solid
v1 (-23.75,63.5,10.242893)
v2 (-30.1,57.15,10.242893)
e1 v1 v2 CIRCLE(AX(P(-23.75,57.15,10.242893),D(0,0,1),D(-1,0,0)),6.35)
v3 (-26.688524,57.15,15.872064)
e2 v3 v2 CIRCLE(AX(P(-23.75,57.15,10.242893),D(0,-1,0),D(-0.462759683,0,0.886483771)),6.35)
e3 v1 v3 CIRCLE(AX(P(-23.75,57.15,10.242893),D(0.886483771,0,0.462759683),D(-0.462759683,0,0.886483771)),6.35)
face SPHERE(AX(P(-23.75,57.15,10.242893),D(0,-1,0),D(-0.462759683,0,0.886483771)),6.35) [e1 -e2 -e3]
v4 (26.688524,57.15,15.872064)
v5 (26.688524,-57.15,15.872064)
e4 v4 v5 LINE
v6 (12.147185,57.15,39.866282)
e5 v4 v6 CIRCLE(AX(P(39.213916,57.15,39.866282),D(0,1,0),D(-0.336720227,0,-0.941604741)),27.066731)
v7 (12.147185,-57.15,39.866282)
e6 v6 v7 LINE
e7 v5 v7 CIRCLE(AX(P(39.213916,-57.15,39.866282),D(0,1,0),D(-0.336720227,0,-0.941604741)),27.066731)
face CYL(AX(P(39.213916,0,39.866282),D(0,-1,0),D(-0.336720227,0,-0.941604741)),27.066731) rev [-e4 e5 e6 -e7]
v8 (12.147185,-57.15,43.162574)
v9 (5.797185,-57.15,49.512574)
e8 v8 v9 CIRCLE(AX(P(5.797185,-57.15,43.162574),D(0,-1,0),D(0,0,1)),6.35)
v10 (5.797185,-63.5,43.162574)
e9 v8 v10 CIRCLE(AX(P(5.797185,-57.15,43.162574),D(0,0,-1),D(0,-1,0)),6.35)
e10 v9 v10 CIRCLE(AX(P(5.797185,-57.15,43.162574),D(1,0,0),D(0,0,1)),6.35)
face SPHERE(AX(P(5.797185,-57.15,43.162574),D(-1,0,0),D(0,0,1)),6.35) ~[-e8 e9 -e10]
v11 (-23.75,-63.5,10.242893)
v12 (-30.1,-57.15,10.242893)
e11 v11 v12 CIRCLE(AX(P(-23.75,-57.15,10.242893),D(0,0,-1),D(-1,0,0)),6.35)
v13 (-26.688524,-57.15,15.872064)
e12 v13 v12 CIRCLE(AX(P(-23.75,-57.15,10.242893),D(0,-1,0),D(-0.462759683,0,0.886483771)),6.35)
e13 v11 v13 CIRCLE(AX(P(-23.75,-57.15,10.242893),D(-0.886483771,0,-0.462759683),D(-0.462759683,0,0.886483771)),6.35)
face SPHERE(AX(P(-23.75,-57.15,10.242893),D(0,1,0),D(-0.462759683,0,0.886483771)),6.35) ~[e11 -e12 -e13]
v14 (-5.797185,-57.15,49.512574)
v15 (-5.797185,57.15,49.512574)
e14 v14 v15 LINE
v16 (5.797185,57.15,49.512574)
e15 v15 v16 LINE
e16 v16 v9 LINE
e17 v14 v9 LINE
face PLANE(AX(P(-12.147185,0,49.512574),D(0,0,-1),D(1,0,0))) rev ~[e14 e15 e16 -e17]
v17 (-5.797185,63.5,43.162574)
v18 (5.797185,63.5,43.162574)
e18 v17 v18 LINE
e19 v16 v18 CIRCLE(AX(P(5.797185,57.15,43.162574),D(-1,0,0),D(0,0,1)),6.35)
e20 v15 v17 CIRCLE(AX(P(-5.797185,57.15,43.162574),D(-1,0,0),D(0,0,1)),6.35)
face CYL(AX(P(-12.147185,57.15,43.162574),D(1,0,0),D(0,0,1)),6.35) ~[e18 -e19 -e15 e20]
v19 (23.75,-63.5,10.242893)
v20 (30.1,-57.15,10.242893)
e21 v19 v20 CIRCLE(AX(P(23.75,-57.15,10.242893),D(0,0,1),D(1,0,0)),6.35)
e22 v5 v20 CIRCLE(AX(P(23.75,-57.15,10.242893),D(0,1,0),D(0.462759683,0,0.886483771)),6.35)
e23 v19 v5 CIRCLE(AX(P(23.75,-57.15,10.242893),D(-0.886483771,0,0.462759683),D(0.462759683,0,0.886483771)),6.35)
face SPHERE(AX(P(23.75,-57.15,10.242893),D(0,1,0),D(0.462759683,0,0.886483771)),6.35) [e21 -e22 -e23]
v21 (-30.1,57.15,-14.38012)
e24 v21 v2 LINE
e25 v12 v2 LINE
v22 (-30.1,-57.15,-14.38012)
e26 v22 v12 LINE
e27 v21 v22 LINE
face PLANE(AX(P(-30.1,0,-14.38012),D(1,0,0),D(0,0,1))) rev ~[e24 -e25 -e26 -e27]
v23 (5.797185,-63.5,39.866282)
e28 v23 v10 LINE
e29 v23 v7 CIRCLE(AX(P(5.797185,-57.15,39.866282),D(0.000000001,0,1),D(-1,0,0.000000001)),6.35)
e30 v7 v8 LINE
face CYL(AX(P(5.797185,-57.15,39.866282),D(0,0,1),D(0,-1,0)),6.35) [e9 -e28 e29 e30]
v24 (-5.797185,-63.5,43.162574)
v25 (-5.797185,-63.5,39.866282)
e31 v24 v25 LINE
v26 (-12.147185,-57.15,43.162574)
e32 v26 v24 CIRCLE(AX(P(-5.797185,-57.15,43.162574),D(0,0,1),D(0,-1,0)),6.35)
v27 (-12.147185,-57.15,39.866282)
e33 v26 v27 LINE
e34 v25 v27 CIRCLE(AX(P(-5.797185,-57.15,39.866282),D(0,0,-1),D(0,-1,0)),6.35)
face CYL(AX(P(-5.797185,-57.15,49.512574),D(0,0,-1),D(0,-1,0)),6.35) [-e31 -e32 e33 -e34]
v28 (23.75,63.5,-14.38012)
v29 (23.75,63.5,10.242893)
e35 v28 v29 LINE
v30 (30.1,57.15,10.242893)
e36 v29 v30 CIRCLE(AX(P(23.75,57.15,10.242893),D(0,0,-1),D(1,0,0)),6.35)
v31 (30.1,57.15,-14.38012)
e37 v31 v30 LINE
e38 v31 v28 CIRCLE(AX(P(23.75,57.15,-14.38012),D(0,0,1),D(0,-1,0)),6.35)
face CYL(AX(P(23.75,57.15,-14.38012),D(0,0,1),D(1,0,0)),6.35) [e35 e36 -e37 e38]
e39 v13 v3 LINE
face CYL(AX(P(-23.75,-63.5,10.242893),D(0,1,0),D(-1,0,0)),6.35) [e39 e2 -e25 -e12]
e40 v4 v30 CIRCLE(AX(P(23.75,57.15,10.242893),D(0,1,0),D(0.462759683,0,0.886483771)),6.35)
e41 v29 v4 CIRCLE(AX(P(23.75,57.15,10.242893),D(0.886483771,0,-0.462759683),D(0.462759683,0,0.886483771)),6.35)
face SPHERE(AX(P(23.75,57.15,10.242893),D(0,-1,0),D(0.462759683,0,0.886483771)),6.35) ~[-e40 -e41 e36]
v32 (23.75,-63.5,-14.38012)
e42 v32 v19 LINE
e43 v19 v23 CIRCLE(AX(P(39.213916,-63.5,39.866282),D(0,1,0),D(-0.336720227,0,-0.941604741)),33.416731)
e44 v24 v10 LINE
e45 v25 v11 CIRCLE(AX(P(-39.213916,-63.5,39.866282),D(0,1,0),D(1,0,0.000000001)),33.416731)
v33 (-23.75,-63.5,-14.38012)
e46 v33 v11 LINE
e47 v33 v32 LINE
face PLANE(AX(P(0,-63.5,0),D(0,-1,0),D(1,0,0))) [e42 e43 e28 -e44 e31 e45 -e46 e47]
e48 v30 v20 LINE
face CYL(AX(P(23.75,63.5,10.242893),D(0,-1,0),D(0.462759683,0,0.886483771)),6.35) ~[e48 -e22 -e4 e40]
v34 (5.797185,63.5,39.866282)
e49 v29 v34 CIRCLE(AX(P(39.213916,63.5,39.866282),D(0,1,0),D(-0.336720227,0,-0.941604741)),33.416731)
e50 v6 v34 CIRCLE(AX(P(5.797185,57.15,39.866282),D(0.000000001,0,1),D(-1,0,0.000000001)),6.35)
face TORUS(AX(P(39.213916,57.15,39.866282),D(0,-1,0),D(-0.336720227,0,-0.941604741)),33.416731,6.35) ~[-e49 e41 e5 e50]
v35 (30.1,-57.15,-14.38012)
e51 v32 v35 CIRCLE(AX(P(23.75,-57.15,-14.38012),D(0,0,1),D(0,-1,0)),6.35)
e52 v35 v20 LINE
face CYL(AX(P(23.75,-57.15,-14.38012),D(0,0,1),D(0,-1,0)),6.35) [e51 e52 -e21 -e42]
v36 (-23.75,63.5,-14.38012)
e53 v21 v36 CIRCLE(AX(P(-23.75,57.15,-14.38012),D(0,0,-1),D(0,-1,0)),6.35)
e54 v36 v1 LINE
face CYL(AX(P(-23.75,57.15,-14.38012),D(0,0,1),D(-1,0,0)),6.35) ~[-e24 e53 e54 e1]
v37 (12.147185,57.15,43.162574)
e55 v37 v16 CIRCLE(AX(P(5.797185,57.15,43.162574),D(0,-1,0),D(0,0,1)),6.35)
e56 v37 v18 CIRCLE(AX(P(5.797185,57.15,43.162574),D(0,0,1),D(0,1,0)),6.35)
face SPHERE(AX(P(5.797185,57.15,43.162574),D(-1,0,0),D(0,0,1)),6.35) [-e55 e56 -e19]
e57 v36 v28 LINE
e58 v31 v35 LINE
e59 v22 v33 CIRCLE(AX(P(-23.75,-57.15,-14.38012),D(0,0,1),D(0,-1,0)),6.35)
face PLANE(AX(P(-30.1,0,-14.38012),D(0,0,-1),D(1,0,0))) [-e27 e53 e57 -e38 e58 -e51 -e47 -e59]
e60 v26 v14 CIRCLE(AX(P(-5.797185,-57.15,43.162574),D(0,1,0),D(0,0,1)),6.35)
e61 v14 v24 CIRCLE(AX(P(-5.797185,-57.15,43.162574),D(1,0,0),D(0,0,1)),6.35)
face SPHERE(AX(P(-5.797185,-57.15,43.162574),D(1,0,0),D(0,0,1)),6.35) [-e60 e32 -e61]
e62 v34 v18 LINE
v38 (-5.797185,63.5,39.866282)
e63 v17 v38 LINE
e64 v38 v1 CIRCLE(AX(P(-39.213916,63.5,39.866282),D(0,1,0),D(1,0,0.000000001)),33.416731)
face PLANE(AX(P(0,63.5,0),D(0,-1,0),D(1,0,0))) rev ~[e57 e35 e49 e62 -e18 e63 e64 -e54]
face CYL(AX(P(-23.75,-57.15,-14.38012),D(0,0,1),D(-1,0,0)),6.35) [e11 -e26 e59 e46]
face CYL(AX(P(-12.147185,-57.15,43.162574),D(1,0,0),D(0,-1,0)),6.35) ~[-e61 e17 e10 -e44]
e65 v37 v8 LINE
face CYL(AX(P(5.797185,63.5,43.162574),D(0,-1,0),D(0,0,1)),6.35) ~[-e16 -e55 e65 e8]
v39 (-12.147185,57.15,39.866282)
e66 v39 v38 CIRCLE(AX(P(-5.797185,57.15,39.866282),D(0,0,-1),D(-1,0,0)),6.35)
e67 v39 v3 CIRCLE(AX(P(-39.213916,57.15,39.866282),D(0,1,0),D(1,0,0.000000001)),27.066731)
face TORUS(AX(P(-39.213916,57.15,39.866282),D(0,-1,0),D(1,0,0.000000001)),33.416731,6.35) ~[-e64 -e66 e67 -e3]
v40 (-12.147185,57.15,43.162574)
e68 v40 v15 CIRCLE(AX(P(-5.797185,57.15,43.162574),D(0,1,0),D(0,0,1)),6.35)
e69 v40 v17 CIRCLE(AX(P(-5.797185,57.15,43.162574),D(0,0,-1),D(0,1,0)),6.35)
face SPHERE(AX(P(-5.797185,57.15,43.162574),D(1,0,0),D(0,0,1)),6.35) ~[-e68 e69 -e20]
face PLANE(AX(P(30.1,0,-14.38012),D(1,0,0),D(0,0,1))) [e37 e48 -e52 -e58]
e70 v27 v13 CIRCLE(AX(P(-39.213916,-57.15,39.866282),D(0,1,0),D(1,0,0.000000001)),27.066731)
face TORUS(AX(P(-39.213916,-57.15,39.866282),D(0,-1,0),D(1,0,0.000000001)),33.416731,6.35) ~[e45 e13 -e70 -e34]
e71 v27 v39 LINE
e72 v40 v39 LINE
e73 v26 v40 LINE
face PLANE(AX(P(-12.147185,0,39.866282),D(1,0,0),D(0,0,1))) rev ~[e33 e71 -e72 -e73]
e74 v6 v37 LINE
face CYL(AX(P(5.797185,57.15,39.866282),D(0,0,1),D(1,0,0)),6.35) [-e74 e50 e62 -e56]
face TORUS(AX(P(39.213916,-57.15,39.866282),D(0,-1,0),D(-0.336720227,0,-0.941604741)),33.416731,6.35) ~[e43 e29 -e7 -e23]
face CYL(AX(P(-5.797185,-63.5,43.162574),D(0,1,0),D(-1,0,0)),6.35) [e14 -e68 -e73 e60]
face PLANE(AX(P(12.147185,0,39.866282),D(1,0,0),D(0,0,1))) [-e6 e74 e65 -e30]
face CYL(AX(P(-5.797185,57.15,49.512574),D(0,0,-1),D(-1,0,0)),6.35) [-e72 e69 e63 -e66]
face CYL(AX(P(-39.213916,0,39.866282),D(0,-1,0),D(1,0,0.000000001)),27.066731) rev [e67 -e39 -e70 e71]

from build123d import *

# Parameters (mm, degrees)
F0_W     = 60.2
F0_H     = 28.76024
F0_W_2   = 24.29437
F0_H_2   = 9.646292
F1_DEPTH = 63.5
F2_R     = 6.35


with BuildPart() as f1:
    # F0 (on Front) → F1 (new body, symmetric)
    with BuildSketch(Plane.XZ):
        Rectangle(F0_W, F0_H)
        with BuildLine():
            Line((-30.1, 14.38012), (30.1, 14.38012))
            ThreePointArc((30.1, 14.38012), (17.085972, 24.279043), (12.147185, 39.866282))
            Line((12.147185, 39.866282), (-12.147185, 39.866282))
            ThreePointArc((-12.147185, 39.866282), (-17.085972, 24.279043), (-30.1, 14.38012))
        make_face()
        with Locations((0, 44.689428)):
            Rectangle(F0_W_2, F0_H_2)
    extrude(amount=F1_DEPTH, both=True)

    # F2
    f2_edges = [f1.edges().sort_by_distance(p)[0] for p in [
        (-30.1, -63.5, 0),
        (30.1, -63.5, 0),
        (-30.1, 63.5, 0),
        (30.1, 63.5, 0),
        (0, 63.5, 49.512574),
        (0, -63.5, 49.512574),
        (12.147185, 0, 49.512574),
        (30.1, 0, 14.38012),
        (-30.1, 0, 14.38012),
        (-12.147185, 0, 49.512574),
        (-17.085972, 63.5, 24.279043),
        (17.085972, 63.5, 24.279043),
        (17.085972, -63.5, 24.279043),
        (-17.085972, -63.5, 24.279043),
    ]]
    fillet(f2_edges, radius=F2_R)


solid = f1.part
